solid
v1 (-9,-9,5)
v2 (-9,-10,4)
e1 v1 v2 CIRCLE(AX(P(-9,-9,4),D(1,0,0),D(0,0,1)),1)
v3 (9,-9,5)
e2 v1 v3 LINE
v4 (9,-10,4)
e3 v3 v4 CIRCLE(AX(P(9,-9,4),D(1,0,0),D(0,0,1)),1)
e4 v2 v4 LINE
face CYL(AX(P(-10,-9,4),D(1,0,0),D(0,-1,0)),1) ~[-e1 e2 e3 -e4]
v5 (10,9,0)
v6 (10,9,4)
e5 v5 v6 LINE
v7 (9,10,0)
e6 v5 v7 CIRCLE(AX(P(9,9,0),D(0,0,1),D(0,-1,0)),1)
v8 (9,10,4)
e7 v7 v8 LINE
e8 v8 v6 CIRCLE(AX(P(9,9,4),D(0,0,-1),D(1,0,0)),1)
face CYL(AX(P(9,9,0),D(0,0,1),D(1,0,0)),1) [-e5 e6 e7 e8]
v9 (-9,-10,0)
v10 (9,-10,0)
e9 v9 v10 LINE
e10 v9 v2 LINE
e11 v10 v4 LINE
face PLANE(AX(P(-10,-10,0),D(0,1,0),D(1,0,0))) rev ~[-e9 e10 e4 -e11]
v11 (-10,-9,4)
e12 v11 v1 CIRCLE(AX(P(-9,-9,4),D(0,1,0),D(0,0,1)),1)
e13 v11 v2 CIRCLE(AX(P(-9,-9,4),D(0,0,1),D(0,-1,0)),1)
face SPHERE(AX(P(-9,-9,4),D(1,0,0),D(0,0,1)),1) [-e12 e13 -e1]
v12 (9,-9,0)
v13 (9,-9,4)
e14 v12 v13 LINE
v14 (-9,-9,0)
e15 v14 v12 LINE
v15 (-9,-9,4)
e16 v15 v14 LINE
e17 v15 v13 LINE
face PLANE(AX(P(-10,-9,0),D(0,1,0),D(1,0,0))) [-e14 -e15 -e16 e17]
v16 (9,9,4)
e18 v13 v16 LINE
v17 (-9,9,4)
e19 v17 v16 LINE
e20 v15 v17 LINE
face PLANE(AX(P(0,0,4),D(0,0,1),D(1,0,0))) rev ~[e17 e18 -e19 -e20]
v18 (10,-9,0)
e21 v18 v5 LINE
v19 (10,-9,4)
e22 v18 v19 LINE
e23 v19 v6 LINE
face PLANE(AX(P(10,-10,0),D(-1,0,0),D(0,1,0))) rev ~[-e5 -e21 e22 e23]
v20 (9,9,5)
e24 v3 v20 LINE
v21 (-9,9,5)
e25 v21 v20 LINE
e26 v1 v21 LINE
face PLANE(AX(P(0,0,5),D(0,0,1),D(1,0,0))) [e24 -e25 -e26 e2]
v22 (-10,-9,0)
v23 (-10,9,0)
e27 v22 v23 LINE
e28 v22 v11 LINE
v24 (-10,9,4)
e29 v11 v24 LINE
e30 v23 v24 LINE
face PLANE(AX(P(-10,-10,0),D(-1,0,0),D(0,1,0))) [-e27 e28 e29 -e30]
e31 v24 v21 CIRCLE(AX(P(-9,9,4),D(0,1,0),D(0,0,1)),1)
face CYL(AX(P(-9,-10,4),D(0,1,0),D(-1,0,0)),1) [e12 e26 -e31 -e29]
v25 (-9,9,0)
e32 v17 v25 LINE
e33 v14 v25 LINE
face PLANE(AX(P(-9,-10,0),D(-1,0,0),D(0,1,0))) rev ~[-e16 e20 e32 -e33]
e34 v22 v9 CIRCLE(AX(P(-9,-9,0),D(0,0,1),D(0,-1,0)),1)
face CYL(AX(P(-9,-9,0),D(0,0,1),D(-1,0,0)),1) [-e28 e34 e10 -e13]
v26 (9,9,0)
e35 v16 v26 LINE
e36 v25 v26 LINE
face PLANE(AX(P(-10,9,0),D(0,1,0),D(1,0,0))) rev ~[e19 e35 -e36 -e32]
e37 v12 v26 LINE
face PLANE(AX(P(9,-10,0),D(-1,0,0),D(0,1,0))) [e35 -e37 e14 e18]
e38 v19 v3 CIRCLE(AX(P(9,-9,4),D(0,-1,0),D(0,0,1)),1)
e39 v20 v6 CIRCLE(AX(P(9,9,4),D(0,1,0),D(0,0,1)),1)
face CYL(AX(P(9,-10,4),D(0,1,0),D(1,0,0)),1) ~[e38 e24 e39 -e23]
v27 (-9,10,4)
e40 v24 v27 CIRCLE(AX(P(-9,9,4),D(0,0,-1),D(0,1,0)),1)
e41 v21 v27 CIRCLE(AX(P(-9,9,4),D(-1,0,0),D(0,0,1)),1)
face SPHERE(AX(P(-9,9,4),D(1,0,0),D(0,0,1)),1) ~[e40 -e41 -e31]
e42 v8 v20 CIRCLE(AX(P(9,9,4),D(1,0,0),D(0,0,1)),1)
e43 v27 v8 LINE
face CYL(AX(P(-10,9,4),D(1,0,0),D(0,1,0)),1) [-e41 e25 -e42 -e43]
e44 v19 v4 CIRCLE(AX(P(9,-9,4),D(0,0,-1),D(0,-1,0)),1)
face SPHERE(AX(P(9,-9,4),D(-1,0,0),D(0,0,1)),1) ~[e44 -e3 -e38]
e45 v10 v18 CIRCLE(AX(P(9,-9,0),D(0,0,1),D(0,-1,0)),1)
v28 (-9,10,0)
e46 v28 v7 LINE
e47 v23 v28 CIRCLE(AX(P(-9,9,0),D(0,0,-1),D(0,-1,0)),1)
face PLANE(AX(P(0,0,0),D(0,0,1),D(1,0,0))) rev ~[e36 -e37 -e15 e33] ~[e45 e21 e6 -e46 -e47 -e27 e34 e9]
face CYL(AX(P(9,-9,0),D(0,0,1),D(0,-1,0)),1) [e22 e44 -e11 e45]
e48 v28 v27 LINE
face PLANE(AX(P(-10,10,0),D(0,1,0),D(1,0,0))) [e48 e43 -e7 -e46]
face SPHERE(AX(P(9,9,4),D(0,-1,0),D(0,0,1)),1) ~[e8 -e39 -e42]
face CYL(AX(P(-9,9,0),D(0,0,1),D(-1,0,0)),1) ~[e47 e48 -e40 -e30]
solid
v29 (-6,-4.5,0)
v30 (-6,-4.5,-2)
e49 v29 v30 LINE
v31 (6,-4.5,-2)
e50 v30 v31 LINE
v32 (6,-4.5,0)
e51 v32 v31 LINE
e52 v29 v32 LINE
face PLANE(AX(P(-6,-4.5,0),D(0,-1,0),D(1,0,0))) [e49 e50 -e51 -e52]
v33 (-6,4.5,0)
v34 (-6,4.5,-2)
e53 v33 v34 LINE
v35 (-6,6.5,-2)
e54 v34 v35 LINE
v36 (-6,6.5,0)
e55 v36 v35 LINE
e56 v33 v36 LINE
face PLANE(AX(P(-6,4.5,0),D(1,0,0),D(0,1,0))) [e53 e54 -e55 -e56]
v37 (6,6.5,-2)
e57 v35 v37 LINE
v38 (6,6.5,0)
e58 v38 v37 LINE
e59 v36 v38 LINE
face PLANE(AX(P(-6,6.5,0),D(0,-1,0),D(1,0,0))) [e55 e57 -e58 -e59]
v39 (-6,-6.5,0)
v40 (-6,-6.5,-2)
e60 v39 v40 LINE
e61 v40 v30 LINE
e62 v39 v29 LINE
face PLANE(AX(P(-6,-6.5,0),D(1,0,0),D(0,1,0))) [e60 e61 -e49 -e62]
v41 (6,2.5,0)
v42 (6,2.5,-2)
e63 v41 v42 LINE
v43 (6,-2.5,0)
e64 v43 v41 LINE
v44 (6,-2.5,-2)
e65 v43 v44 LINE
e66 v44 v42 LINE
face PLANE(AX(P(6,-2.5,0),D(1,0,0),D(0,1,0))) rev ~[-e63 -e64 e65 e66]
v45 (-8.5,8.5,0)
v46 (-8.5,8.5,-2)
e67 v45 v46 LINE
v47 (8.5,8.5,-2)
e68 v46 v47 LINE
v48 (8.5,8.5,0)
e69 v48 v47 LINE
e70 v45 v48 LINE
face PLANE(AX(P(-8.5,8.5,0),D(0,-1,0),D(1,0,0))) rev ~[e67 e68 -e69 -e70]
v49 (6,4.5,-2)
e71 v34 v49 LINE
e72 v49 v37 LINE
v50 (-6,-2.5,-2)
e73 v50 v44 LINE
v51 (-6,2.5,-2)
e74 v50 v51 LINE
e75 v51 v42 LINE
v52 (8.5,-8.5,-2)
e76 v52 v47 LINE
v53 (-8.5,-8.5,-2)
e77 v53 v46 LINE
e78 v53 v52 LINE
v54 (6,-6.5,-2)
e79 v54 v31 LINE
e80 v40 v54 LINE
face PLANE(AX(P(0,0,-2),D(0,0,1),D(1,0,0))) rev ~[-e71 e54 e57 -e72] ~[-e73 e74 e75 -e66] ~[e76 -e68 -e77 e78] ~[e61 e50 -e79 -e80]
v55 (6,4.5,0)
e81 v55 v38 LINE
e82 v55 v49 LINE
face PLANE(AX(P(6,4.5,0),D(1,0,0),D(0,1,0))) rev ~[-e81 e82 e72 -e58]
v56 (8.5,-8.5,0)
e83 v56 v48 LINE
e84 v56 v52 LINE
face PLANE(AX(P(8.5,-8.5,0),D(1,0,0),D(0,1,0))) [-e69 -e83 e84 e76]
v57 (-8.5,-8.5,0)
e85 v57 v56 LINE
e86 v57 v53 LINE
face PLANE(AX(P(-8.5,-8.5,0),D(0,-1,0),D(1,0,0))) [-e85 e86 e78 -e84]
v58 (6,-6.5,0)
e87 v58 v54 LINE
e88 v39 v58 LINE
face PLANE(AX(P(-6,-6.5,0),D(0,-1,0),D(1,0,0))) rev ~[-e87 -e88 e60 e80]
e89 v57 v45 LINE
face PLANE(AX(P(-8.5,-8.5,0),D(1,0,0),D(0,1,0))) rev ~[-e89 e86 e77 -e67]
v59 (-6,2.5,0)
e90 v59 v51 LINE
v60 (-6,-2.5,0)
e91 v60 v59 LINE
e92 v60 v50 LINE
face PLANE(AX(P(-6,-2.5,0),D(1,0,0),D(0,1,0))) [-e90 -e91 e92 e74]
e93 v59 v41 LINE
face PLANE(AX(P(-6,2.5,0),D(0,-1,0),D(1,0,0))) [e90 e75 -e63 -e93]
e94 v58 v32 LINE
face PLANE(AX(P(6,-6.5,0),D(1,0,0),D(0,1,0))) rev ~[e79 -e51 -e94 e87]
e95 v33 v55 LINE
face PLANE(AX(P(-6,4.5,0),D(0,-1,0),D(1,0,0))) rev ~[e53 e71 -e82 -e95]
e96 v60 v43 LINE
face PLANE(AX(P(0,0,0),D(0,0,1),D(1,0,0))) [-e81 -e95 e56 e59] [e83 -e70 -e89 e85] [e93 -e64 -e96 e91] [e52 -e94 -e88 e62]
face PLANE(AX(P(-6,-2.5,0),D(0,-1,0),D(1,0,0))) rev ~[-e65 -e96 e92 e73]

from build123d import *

# Parameters (mm, degrees)
F0_W     = 20
F0_H     = 20
F1_DEPTH = 5
F2_T     = -1
F3_R     = 1
F4_W     = 17
F4_H     = 17
F4_W_2   = 12
F4_H_2   = 2
F4_H_3   = 5
F5_DEPTH = 2


with BuildPart() as f1:
    # F0 (on Top) → F1 (new body)
    with BuildSketch(Plane.XY):
        Rectangle(F0_W, F0_H)
    extrude(amount=F1_DEPTH)

    # F2
    f2_openings = [f1.faces().sort_by_distance(p)[0] for p in [
        (0, 0, 0),
    ]]
    offset(amount=F2_T, openings=f2_openings)

    # F3
    f3_edges = [f1.edges().sort_by_distance(p)[0] for p in [
        (0, -10, 5),
        (10, 0, 5),
        (0, 10, 5),
        (-10, 0, 5),
        (-10, -10, 2.5),
        (10, -10, 2.5),
        (10, 10, 2.5),
        (-10, 10, 2.5),
    ]]
    fillet(f3_edges, radius=F3_R)


with BuildPart() as f5:
    # F4 (on Top) → F5 (new body)
    with BuildSketch(Plane.XY):
        Rectangle(F4_W, F4_H)
        with Locations((0, -5.5)):
            Rectangle(F4_W_2, F4_H_2, mode=Mode.SUBTRACT)
        Rectangle(F4_W_2, F4_H_3, mode=Mode.SUBTRACT)
        with Locations((0, 5.5)):
            Rectangle(F4_W_2, F4_H_2, mode=Mode.SUBTRACT)
    extrude(amount=-F5_DEPTH)


solid = Compound([f1.part, f5.part])
